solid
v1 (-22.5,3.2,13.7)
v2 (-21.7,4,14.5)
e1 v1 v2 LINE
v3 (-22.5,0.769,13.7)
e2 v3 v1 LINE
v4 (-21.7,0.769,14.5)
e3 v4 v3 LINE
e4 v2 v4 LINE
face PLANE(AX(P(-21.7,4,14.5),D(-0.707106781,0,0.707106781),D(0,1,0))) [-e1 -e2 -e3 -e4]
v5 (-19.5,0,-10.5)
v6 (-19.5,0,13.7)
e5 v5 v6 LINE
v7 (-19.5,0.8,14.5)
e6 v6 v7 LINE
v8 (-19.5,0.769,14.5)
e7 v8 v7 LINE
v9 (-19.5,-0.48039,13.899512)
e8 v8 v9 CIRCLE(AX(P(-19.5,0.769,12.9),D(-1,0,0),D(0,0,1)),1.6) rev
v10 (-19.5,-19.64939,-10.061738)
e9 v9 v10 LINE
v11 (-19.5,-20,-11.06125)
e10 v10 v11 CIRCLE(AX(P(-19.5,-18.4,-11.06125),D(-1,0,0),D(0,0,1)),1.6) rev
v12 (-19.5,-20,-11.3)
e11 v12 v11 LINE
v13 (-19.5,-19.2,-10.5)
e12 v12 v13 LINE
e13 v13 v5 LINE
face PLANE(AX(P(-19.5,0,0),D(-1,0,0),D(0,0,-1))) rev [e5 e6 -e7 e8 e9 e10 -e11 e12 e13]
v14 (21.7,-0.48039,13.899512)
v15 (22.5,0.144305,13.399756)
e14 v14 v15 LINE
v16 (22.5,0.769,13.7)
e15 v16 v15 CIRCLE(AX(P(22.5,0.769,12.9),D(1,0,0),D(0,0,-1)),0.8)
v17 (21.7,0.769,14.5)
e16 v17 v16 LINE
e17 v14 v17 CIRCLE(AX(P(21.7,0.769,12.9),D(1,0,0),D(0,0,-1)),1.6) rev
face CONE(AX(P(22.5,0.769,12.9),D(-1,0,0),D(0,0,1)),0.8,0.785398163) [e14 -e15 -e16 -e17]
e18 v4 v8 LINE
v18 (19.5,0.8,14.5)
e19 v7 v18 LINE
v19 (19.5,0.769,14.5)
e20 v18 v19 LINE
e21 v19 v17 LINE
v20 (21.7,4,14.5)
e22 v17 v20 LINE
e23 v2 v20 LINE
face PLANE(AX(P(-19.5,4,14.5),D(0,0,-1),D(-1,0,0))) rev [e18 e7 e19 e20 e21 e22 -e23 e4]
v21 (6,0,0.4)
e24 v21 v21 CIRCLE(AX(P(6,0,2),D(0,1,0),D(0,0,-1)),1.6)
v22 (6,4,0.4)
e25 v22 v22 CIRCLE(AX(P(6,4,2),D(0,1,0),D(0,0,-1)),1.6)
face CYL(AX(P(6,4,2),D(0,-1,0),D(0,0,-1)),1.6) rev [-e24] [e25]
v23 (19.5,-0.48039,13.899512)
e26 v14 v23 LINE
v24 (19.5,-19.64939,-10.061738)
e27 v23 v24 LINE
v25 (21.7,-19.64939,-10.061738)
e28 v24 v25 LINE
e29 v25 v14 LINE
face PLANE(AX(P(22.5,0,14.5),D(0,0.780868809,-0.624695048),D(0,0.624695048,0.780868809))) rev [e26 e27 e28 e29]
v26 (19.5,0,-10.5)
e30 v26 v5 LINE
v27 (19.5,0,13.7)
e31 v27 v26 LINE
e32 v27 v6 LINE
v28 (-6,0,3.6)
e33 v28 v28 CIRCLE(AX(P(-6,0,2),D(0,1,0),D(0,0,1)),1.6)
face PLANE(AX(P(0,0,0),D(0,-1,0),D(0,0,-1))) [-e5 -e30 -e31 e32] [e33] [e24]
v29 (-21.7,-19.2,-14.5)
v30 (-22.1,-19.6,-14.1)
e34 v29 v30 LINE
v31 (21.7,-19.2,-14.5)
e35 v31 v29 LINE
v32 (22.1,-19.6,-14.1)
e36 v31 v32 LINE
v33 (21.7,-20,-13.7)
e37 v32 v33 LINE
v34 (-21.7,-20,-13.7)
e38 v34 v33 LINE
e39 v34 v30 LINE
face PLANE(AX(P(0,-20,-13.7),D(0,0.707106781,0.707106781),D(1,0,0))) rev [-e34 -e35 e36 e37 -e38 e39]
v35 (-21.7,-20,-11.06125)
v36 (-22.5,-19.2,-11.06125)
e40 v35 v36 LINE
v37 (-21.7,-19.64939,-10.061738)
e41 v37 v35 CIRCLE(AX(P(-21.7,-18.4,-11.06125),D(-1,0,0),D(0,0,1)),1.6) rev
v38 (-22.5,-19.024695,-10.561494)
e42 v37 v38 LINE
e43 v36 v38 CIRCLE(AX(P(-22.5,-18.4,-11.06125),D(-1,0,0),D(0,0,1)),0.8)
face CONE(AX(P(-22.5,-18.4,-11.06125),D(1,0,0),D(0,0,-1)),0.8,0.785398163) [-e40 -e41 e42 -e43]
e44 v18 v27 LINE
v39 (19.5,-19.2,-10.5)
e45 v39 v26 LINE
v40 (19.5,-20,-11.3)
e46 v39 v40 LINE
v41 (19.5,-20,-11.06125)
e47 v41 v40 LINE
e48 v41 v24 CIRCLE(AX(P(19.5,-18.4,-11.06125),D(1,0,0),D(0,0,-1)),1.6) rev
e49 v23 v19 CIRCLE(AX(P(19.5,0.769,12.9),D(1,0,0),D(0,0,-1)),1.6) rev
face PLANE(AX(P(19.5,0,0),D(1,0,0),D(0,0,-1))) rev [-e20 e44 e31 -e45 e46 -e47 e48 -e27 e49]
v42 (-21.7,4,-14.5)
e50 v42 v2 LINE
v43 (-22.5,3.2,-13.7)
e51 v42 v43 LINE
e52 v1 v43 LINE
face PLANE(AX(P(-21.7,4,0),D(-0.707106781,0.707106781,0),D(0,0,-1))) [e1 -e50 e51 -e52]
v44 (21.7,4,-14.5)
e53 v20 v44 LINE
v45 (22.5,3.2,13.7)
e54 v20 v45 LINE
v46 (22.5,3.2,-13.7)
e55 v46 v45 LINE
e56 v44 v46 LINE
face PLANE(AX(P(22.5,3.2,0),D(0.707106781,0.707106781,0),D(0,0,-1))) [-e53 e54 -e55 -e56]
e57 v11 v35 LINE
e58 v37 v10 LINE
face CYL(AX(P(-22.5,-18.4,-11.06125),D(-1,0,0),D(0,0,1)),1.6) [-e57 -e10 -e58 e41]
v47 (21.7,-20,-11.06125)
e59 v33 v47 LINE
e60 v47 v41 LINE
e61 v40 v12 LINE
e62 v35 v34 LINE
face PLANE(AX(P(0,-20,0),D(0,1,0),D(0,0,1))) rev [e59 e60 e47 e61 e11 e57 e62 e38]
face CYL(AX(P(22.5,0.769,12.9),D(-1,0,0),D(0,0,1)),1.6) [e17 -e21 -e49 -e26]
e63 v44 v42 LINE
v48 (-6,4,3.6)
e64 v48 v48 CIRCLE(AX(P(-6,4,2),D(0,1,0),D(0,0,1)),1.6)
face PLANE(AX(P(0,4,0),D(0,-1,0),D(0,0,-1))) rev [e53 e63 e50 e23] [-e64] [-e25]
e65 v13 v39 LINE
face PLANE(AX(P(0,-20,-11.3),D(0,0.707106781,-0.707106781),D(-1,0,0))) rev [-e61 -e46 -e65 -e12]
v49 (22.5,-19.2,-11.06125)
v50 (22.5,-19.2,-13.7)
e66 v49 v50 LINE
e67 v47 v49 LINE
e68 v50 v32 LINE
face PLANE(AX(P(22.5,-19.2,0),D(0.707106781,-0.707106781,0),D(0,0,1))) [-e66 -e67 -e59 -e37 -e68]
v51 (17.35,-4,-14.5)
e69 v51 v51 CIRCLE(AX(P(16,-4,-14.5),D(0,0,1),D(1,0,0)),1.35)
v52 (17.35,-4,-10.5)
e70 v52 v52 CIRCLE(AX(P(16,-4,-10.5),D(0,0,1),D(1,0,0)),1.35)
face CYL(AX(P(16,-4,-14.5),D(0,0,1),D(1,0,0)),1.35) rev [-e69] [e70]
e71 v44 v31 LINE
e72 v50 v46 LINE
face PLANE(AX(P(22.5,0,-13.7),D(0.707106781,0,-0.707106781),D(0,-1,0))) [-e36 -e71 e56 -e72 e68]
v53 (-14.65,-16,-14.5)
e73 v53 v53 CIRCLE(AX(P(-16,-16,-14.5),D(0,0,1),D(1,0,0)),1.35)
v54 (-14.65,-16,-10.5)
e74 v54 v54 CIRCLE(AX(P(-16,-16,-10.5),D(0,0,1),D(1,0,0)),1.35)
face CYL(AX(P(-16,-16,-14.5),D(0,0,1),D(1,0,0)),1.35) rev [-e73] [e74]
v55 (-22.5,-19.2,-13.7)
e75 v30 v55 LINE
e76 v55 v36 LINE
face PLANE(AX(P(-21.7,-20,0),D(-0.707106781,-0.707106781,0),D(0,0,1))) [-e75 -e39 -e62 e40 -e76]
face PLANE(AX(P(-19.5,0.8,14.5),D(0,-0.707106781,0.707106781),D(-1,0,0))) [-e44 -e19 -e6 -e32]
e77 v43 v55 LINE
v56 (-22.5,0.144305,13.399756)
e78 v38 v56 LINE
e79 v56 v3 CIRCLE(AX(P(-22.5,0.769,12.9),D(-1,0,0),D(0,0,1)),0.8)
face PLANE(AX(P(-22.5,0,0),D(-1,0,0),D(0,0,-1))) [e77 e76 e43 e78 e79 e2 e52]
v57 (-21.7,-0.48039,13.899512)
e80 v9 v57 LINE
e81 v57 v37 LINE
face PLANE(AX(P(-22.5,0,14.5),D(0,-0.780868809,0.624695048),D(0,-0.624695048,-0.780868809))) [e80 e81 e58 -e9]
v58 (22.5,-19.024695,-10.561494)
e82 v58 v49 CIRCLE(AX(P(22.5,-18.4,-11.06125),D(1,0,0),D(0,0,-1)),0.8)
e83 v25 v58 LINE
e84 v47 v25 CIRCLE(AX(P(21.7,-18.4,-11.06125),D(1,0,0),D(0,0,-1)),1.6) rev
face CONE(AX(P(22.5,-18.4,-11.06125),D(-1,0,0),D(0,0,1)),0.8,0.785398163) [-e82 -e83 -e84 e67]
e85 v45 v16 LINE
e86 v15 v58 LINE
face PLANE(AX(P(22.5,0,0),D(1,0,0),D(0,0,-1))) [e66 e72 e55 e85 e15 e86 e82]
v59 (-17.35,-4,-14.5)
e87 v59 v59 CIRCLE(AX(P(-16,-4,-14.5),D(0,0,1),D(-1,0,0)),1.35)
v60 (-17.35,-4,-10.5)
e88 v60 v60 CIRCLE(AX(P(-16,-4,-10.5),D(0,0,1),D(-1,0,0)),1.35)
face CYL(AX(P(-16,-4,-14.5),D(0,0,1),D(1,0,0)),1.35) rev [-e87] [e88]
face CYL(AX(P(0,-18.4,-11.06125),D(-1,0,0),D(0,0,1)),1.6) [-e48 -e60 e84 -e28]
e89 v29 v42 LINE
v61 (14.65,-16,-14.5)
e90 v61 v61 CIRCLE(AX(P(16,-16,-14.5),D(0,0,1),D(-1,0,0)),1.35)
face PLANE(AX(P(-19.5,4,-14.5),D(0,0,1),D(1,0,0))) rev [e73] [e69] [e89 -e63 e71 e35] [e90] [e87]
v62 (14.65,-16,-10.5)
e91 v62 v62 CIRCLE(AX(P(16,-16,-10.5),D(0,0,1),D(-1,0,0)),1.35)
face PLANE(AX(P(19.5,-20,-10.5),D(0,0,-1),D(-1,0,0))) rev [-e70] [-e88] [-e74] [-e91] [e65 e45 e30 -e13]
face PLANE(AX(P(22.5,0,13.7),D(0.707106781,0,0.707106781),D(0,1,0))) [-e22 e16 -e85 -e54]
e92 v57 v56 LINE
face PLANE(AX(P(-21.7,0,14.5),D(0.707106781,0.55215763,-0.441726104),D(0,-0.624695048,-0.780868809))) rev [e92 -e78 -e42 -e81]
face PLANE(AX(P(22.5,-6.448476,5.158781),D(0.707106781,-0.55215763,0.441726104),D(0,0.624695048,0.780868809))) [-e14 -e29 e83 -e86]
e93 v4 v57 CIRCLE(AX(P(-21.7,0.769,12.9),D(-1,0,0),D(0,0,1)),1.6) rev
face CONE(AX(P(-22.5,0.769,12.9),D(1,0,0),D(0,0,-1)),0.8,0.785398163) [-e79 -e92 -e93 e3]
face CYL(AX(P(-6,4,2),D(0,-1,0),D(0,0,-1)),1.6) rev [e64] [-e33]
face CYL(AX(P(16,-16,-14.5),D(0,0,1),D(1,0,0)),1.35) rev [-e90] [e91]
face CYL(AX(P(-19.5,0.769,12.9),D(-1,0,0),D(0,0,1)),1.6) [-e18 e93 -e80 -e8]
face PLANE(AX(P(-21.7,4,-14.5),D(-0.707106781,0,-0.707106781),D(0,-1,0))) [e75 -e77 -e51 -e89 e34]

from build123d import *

# Parameters (mm, degrees)
SKETCH_1_W          = 39
SKETCH_1_H          = 29
SKETCH_1_R          = 1.6
EXTRUDE_1_DEPTH     = 4
SKETCH_2_W          = 39
SKETCH_2_H          = 4
EXTRUDE_2_DEPTH     = 20
SKETCH_3_R          = 1.35
CUT_EXTRUDE_1_DEPTH = 4
EXTRUDE_3_DEPTH     = 3
CHAMFER_1_SIZE      = 0.8
FILLET_1_R          = 1.6
CHAMFER_3_SIZE      = 0.8


with BuildPart() as part:
    # 草图1 → 凸台-拉伸1 (new body)
    with BuildSketch(Plane(origin=(0, 0, 0), x_dir=(1, 0, 0), z_dir=(0, 1, 0))):
        Rectangle(SKETCH_1_W, SKETCH_1_H)
        with Locations(Location((-6, -2, 0), (0, 0, 270))):
            Circle(SKETCH_1_R, mode=Mode.SUBTRACT)
        with Locations(Location((6, -2, 0), (0, 0, 90))):
            Circle(SKETCH_1_R, mode=Mode.SUBTRACT)
    extrude(amount=EXTRUDE_1_DEPTH)

    # 草图2 → 凸台-拉伸2 (add)
    with BuildSketch(Plane(origin=(0, 0, 0), x_dir=(-1, 0, 0), z_dir=(0, -1, 0))):
        with Locations((0, 12.5)):
            Rectangle(SKETCH_2_W, SKETCH_2_H)
    extrude(amount=EXTRUDE_2_DEPTH)

    # 草图3 → 切除-拉伸1 (cut)
    with BuildSketch(Plane.XY.offset(-10.5)):
        with Locations((16, -4)):
            Circle(SKETCH_3_R)
        with Locations(Location((16, -16, 0), (0, 0, 180))):
            Circle(SKETCH_3_R)
        with Locations((-16, -16)):
            Circle(SKETCH_3_R)
        with Locations(Location((-16, -4, 0), (0, 0, 180))):
            Circle(SKETCH_3_R)
    extrude(amount=-CUT_EXTRUDE_1_DEPTH, mode=Mode.SUBTRACT)

    # 草图4 → 凸台-拉伸3 (add)
    with BuildSketch(Plane(origin=(19.5, 0, 0), x_dir=(0, 0, -1), z_dir=(1, 0, 0))):
        Polygon((-14.5, 0), (10.5, -20), (14.5, -20), (14.5, 4), (-14.5, 4), align=None)
    extrude_3 = extrude(amount=EXTRUDE_3_DEPTH)

    # 镜向1: 凸台-拉伸3 across plane
    add(extrude_3.mirror(Plane(origin=(0, 0, 0), x_dir=(0, 0, 1), z_dir=(1, 0, 0))))

    # 倒角1
    chamfer_1_edges = [part.edges().sort_by_distance(p)[0] for p in [
        (0, -20, -10.5),
        (0, -20, -14.5),
        (0, 0, 14.5),
        (22.5, -8, -14.5),
        (22.5, 4, 0),
        (-22.5, 4, 0),
        (-22.5, -8, -14.5),
    ]]
    chamfer(chamfer_1_edges, length=CHAMFER_1_SIZE)

    # 圆角1
    fillet_1_edges = [part.edges().sort_by_distance(p)[0] for p in [
        (21, 0, 14.5),
        (21, -20, -10.5),
        (-21, 0, 14.5),
        (-21, -20, -10.5),
    ]]
    fillet(fillet_1_edges, radius=FILLET_1_R)

    # 倒角3
    chamfer_3_edges = [part.edges().sort_by_distance(p)[0] for p in [
        (22.5, 1.984499878, 14.5),
        (22.5, -20, -12.380624847),
        (22.5, 0.075897787, 14.342085178),
        (22.5, -19.909805311, -10.531638589),
        (22.5, -10.064890217, 1.918887229),
        (-22.5, -20, -12.380624847),
        (-22.5, -19.909805311, -10.531638589),
        (-22.5, -10.064890217, 1.918887229),
        (-22.5, 0.075897787, 14.342085178),
        (-22.5, 1.984499878, 14.5),
    ]]
    chamfer(chamfer_3_edges, length=CHAMFER_3_SIZE)


solid = part.part
